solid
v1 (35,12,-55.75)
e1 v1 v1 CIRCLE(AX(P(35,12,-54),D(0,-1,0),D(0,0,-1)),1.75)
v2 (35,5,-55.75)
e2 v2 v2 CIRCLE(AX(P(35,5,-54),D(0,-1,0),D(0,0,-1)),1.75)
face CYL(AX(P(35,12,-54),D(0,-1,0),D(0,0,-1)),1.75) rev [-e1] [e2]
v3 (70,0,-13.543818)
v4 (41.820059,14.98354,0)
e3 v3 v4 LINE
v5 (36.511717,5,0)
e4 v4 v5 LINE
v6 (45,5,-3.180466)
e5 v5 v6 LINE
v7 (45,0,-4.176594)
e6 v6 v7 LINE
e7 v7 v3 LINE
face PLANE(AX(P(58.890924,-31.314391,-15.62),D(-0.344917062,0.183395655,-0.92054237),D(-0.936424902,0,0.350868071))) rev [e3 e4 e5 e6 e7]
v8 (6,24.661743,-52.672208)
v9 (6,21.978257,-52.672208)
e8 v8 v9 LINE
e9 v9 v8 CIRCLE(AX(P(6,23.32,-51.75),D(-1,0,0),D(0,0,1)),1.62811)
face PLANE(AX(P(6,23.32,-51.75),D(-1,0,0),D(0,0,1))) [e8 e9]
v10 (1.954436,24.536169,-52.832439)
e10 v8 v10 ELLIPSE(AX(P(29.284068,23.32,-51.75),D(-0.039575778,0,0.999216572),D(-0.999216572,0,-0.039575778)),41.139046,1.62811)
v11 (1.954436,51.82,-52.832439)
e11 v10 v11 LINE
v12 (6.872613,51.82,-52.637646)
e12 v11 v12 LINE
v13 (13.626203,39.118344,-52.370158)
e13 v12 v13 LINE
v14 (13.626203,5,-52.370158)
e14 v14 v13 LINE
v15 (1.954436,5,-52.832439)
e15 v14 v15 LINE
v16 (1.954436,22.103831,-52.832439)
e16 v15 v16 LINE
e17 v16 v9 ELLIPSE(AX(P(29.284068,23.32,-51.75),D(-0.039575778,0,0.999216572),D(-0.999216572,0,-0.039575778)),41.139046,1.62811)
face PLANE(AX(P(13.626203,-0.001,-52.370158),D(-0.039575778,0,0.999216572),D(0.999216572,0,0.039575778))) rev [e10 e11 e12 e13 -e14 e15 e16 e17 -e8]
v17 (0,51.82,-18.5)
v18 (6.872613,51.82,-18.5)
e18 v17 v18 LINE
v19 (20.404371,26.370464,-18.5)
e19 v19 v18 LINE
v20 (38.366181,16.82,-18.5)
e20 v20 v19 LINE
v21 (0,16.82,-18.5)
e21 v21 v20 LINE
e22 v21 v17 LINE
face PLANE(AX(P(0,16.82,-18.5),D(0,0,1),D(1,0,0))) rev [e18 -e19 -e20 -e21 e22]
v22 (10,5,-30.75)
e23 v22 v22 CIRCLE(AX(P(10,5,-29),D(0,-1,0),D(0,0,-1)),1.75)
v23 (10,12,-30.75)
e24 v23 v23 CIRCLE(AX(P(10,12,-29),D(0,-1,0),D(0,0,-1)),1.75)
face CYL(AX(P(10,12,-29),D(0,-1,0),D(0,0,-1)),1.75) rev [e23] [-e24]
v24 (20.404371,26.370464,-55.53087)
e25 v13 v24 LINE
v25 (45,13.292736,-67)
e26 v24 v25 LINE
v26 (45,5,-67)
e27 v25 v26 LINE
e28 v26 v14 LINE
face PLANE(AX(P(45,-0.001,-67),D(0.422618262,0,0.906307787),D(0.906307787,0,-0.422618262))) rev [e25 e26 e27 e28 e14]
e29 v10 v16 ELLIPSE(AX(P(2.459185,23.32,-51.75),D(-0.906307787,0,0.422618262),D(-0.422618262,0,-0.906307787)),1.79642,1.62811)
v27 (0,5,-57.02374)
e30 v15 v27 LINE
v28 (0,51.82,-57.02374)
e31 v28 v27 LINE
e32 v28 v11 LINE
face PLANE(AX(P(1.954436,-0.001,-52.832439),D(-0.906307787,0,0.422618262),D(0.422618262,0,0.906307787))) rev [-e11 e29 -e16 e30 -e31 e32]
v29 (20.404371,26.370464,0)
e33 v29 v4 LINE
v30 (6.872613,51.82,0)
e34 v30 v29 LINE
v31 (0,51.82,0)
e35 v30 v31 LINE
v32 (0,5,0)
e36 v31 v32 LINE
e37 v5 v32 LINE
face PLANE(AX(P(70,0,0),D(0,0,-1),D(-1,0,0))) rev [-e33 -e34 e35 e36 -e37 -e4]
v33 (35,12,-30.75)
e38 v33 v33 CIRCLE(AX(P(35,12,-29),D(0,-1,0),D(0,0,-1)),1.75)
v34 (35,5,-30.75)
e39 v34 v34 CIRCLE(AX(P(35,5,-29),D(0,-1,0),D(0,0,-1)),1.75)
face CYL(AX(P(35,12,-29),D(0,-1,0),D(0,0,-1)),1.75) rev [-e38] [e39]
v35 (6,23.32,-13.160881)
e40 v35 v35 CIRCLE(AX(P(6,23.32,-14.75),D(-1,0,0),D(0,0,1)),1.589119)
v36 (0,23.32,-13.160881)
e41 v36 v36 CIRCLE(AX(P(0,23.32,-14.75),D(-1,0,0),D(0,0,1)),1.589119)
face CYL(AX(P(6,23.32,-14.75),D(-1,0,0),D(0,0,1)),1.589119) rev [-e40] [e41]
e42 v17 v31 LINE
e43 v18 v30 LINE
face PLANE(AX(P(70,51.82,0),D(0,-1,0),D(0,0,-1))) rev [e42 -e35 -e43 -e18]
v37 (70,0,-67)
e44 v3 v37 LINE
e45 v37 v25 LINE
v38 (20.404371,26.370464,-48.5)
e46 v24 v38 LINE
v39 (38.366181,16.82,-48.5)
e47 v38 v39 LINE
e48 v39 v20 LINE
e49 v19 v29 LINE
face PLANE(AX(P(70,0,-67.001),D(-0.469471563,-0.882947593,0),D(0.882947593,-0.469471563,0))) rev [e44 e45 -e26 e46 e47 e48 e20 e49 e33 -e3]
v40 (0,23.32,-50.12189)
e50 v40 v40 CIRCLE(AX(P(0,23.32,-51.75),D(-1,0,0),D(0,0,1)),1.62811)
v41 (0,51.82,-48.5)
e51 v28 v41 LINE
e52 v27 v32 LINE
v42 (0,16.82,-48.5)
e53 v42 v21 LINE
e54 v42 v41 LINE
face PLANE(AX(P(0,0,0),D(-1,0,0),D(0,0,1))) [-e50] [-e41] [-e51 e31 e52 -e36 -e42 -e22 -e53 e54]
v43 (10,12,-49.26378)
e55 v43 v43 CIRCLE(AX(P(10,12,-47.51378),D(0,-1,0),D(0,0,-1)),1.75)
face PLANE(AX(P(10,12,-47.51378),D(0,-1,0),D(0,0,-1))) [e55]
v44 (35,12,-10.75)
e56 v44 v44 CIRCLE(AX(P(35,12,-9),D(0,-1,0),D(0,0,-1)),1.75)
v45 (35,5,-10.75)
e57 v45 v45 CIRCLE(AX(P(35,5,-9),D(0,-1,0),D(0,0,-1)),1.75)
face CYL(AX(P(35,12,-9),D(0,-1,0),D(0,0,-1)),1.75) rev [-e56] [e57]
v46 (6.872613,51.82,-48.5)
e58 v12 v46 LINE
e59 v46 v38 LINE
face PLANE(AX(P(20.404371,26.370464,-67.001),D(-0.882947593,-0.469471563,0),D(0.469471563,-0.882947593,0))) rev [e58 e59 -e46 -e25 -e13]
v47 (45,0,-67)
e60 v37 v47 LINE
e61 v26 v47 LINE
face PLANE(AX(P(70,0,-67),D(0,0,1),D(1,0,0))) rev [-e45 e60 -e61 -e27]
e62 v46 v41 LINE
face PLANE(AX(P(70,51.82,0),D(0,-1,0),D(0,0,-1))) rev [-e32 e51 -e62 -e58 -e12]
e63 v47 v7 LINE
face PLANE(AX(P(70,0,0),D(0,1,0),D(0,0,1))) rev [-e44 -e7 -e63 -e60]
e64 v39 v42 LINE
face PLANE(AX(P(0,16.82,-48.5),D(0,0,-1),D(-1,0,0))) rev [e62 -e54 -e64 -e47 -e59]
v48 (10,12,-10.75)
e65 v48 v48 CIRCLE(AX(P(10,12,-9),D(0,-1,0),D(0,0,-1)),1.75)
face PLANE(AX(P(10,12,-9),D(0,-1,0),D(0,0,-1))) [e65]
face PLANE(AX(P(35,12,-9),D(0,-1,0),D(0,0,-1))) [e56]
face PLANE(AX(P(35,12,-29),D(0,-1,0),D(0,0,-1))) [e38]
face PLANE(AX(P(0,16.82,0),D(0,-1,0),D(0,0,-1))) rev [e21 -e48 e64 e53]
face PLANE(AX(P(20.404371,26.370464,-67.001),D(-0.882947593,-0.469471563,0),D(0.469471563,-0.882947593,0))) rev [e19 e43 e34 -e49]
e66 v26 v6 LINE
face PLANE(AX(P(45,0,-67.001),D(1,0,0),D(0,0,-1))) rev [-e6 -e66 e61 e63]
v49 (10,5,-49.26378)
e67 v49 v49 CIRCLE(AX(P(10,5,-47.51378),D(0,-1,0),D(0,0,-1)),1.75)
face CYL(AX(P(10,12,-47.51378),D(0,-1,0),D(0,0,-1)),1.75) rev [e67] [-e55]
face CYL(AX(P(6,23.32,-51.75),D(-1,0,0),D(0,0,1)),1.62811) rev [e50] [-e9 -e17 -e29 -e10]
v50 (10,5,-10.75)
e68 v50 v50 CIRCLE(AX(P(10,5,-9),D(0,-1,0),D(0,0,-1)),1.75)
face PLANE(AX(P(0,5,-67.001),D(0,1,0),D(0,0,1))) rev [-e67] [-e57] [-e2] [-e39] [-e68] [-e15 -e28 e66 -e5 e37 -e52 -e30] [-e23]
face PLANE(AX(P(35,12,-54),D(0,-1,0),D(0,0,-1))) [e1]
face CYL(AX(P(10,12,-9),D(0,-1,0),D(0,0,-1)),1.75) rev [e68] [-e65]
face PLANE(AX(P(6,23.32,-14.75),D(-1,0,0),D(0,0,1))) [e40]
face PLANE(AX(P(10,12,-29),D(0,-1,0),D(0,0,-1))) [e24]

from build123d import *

# Parameters (mm, degrees)
CROQUIS1_W              = 67
CROQUIS1_H              = 51.82
SALIENTE_EXTRUIR1_DEPTH = 70
CORTAR_EXTRUIR1_REACH   = 69
CROQUIS4_W              = 60
CROQUIS4_H              = 30
CORTAR_EXTRUIR2_DEPTH   = 35
CORTAR_EXTRUIR3_REACH   = 69
CROQUIS5_W              = 45
CROQUIS5_H              = 5
CORTAR_EXTRUIR4_REACH   = 53.82
CORTAR_EXTRUIR5_REACH   = 53.82
CROQUIS11_R             = 1.589119195
CROQUIS11_R_2           = 1.628109744
CORTAR_EXTRUIR6_DEPTH   = 6
CROQUIS12_R             = 1.75
CORTAR_EXTRUIR7_DEPTH   = 7
CORTAR_EXTRUIR8_REACH   = 34.863


with BuildPart() as part:
    # Croquis1 → Saliente-Extruir1 (new body)
    with BuildSketch(Plane(origin=(0, 0, 0), x_dir=(0, 0, -1), z_dir=(1, 0, 0))):
        with Locations((33.5, 25.91)):
            Rectangle(CROQUIS1_W, CROQUIS1_H)
    extrude(amount=SALIENTE_EXTRUIR1_DEPTH)

    # Croquis3 → Cortar-Extruir1 (cut, up to next)
    with BuildSketch(Plane.XY, mode=Mode.PRIVATE) as cortar_extruir1_sk1:
        Polygon((70, 0), (20.404370982, 26.370463718), (6.872612509, 51.82), (70, 51.82), align=None)
    cortar_extruir1_tool1 = extrude(cortar_extruir1_sk1.sketch, amount=-CORTAR_EXTRUIR1_REACH, mode=Mode.PRIVATE) & part.part
    add(cortar_extruir1_tool1.solids().sort_by_distance((45.373987, 32.707801, 0))[0], mode=Mode.SUBTRACT)

    # Croquis4 → Cortar-Extruir2 (cut)
    with BuildSketch(Plane(origin=(0, 51.82, 0), x_dir=(1, 0, 0), z_dir=(0, 1, 0))):
        with Locations((30, 33.5)):
            Rectangle(CROQUIS4_W, CROQUIS4_H)
    extrude(amount=-CORTAR_EXTRUIR2_DEPTH, mode=Mode.SUBTRACT)

    # Croquis5 → Cortar-Extruir3 (cut, up to next)
    with BuildSketch(Plane.XY, mode=Mode.PRIVATE) as cortar_extruir3_sk1:
        with Locations((22.5, 2.5)):
            Rectangle(CROQUIS5_W, CROQUIS5_H)
    cortar_extruir3_tool1 = extrude(cortar_extruir3_sk1.sketch, amount=-CORTAR_EXTRUIR3_REACH, mode=Mode.PRIVATE) & part.part
    add(cortar_extruir3_tool1.solids().sort_by_distance((22.5, 2.5, 0))[0], mode=Mode.SUBTRACT)

    # Croquis6 → Cortar-Extruir4 (cut, up to next)
    with BuildSketch(Plane(origin=(0, 51.82, 0), x_dir=(1, 0, 0), z_dir=(0, 1, 0)), mode=Mode.PRIVATE) as cortar_extruir4_sk1:
        Polygon((4.922856145, 67), (0, 64.334655313), (0, 67), align=None)
    cortar_extruir4_tool1 = extrude(cortar_extruir4_sk1.sketch, amount=-CORTAR_EXTRUIR4_REACH, mode=Mode.PRIVATE) & part.part
    add(cortar_extruir4_tool1.solids().sort_by_distance((1.640952, 51.82, -66.111552))[0], mode=Mode.SUBTRACT)

    # Croquis9 → Cortar-Extruir5 (cut, up to next)
    with BuildSketch(Plane(origin=(0, 51.82, 0), x_dir=(1, 0, 0), z_dir=(0, 1, 0)), mode=Mode.PRIVATE) as cortar_extruir5_sk1:
        Polygon((45, 67), (13.626202653, 52.370158031), (1.954435626, 52.832439456), (-4.658833913, 67.014641749), align=None)
    cortar_extruir5_tool1 = extrude(cortar_extruir5_sk1.sketch, amount=-CORTAR_EXTRUIR5_REACH, mode=Mode.PRIVATE) & part.part
    add(cortar_extruir5_tool1.solids().sort_by_distance((15.368059, 51.82, -61.265598))[0], mode=Mode.SUBTRACT)

    # Croquis11 → Cortar-Extruir6 (cut)
    with BuildSketch(Plane.ZY):
        with Locations((-14.75, 23.32)):
            Circle(CROQUIS11_R)
        with Locations((-51.75, 23.32)):
            Circle(CROQUIS11_R_2)
    extrude(amount=-CORTAR_EXTRUIR6_DEPTH, mode=Mode.SUBTRACT)

    # Croquis12 → Cortar-Extruir7 (cut)
    with BuildSketch(Plane.XZ.offset(-5)):
        with Locations((10, -9)):
            Circle(CROQUIS12_R)
        with Locations((35, -9)):
            Circle(CROQUIS12_R)
        with Locations((10, -47.51378034)):
            Circle(CROQUIS12_R)
        with Locations((35, -29)):
            Circle(CROQUIS12_R)
        with Locations((10, -29)):
            Circle(CROQUIS12_R)
        with Locations((35, -54)):
            Circle(CROQUIS12_R)
    extrude(amount=-CORTAR_EXTRUIR7_DEPTH, mode=Mode.SUBTRACT)

    # Croquis14 → Cortar-Extruir8 (cut, up to next)
    with BuildSketch(Plane(origin=(15.428248379, 29.016315039, 0), x_dir=(0.882947593, -0.469471563, 0), z_dir=(0.469471563, 0.882947593, 0)), mode=Mode.PRIVATE) as cortar_extruir8_sk1:
        Polygon((25.978815345, -1.66), (66.698815345, -1.66), (66.698815345, 15.62), align=None)
    cortar_extruir8_tool1 = extrude(cortar_extruir8_sk1.sketch, amount=-CORTAR_EXTRUIR8_REACH, mode=Mode.PRIVATE) & part.part
    add(cortar_extruir8_tool1.solids().sort_by_distance((62.335265, 4.075412, -4.1))[0], mode=Mode.SUBTRACT)


solid = part.part
